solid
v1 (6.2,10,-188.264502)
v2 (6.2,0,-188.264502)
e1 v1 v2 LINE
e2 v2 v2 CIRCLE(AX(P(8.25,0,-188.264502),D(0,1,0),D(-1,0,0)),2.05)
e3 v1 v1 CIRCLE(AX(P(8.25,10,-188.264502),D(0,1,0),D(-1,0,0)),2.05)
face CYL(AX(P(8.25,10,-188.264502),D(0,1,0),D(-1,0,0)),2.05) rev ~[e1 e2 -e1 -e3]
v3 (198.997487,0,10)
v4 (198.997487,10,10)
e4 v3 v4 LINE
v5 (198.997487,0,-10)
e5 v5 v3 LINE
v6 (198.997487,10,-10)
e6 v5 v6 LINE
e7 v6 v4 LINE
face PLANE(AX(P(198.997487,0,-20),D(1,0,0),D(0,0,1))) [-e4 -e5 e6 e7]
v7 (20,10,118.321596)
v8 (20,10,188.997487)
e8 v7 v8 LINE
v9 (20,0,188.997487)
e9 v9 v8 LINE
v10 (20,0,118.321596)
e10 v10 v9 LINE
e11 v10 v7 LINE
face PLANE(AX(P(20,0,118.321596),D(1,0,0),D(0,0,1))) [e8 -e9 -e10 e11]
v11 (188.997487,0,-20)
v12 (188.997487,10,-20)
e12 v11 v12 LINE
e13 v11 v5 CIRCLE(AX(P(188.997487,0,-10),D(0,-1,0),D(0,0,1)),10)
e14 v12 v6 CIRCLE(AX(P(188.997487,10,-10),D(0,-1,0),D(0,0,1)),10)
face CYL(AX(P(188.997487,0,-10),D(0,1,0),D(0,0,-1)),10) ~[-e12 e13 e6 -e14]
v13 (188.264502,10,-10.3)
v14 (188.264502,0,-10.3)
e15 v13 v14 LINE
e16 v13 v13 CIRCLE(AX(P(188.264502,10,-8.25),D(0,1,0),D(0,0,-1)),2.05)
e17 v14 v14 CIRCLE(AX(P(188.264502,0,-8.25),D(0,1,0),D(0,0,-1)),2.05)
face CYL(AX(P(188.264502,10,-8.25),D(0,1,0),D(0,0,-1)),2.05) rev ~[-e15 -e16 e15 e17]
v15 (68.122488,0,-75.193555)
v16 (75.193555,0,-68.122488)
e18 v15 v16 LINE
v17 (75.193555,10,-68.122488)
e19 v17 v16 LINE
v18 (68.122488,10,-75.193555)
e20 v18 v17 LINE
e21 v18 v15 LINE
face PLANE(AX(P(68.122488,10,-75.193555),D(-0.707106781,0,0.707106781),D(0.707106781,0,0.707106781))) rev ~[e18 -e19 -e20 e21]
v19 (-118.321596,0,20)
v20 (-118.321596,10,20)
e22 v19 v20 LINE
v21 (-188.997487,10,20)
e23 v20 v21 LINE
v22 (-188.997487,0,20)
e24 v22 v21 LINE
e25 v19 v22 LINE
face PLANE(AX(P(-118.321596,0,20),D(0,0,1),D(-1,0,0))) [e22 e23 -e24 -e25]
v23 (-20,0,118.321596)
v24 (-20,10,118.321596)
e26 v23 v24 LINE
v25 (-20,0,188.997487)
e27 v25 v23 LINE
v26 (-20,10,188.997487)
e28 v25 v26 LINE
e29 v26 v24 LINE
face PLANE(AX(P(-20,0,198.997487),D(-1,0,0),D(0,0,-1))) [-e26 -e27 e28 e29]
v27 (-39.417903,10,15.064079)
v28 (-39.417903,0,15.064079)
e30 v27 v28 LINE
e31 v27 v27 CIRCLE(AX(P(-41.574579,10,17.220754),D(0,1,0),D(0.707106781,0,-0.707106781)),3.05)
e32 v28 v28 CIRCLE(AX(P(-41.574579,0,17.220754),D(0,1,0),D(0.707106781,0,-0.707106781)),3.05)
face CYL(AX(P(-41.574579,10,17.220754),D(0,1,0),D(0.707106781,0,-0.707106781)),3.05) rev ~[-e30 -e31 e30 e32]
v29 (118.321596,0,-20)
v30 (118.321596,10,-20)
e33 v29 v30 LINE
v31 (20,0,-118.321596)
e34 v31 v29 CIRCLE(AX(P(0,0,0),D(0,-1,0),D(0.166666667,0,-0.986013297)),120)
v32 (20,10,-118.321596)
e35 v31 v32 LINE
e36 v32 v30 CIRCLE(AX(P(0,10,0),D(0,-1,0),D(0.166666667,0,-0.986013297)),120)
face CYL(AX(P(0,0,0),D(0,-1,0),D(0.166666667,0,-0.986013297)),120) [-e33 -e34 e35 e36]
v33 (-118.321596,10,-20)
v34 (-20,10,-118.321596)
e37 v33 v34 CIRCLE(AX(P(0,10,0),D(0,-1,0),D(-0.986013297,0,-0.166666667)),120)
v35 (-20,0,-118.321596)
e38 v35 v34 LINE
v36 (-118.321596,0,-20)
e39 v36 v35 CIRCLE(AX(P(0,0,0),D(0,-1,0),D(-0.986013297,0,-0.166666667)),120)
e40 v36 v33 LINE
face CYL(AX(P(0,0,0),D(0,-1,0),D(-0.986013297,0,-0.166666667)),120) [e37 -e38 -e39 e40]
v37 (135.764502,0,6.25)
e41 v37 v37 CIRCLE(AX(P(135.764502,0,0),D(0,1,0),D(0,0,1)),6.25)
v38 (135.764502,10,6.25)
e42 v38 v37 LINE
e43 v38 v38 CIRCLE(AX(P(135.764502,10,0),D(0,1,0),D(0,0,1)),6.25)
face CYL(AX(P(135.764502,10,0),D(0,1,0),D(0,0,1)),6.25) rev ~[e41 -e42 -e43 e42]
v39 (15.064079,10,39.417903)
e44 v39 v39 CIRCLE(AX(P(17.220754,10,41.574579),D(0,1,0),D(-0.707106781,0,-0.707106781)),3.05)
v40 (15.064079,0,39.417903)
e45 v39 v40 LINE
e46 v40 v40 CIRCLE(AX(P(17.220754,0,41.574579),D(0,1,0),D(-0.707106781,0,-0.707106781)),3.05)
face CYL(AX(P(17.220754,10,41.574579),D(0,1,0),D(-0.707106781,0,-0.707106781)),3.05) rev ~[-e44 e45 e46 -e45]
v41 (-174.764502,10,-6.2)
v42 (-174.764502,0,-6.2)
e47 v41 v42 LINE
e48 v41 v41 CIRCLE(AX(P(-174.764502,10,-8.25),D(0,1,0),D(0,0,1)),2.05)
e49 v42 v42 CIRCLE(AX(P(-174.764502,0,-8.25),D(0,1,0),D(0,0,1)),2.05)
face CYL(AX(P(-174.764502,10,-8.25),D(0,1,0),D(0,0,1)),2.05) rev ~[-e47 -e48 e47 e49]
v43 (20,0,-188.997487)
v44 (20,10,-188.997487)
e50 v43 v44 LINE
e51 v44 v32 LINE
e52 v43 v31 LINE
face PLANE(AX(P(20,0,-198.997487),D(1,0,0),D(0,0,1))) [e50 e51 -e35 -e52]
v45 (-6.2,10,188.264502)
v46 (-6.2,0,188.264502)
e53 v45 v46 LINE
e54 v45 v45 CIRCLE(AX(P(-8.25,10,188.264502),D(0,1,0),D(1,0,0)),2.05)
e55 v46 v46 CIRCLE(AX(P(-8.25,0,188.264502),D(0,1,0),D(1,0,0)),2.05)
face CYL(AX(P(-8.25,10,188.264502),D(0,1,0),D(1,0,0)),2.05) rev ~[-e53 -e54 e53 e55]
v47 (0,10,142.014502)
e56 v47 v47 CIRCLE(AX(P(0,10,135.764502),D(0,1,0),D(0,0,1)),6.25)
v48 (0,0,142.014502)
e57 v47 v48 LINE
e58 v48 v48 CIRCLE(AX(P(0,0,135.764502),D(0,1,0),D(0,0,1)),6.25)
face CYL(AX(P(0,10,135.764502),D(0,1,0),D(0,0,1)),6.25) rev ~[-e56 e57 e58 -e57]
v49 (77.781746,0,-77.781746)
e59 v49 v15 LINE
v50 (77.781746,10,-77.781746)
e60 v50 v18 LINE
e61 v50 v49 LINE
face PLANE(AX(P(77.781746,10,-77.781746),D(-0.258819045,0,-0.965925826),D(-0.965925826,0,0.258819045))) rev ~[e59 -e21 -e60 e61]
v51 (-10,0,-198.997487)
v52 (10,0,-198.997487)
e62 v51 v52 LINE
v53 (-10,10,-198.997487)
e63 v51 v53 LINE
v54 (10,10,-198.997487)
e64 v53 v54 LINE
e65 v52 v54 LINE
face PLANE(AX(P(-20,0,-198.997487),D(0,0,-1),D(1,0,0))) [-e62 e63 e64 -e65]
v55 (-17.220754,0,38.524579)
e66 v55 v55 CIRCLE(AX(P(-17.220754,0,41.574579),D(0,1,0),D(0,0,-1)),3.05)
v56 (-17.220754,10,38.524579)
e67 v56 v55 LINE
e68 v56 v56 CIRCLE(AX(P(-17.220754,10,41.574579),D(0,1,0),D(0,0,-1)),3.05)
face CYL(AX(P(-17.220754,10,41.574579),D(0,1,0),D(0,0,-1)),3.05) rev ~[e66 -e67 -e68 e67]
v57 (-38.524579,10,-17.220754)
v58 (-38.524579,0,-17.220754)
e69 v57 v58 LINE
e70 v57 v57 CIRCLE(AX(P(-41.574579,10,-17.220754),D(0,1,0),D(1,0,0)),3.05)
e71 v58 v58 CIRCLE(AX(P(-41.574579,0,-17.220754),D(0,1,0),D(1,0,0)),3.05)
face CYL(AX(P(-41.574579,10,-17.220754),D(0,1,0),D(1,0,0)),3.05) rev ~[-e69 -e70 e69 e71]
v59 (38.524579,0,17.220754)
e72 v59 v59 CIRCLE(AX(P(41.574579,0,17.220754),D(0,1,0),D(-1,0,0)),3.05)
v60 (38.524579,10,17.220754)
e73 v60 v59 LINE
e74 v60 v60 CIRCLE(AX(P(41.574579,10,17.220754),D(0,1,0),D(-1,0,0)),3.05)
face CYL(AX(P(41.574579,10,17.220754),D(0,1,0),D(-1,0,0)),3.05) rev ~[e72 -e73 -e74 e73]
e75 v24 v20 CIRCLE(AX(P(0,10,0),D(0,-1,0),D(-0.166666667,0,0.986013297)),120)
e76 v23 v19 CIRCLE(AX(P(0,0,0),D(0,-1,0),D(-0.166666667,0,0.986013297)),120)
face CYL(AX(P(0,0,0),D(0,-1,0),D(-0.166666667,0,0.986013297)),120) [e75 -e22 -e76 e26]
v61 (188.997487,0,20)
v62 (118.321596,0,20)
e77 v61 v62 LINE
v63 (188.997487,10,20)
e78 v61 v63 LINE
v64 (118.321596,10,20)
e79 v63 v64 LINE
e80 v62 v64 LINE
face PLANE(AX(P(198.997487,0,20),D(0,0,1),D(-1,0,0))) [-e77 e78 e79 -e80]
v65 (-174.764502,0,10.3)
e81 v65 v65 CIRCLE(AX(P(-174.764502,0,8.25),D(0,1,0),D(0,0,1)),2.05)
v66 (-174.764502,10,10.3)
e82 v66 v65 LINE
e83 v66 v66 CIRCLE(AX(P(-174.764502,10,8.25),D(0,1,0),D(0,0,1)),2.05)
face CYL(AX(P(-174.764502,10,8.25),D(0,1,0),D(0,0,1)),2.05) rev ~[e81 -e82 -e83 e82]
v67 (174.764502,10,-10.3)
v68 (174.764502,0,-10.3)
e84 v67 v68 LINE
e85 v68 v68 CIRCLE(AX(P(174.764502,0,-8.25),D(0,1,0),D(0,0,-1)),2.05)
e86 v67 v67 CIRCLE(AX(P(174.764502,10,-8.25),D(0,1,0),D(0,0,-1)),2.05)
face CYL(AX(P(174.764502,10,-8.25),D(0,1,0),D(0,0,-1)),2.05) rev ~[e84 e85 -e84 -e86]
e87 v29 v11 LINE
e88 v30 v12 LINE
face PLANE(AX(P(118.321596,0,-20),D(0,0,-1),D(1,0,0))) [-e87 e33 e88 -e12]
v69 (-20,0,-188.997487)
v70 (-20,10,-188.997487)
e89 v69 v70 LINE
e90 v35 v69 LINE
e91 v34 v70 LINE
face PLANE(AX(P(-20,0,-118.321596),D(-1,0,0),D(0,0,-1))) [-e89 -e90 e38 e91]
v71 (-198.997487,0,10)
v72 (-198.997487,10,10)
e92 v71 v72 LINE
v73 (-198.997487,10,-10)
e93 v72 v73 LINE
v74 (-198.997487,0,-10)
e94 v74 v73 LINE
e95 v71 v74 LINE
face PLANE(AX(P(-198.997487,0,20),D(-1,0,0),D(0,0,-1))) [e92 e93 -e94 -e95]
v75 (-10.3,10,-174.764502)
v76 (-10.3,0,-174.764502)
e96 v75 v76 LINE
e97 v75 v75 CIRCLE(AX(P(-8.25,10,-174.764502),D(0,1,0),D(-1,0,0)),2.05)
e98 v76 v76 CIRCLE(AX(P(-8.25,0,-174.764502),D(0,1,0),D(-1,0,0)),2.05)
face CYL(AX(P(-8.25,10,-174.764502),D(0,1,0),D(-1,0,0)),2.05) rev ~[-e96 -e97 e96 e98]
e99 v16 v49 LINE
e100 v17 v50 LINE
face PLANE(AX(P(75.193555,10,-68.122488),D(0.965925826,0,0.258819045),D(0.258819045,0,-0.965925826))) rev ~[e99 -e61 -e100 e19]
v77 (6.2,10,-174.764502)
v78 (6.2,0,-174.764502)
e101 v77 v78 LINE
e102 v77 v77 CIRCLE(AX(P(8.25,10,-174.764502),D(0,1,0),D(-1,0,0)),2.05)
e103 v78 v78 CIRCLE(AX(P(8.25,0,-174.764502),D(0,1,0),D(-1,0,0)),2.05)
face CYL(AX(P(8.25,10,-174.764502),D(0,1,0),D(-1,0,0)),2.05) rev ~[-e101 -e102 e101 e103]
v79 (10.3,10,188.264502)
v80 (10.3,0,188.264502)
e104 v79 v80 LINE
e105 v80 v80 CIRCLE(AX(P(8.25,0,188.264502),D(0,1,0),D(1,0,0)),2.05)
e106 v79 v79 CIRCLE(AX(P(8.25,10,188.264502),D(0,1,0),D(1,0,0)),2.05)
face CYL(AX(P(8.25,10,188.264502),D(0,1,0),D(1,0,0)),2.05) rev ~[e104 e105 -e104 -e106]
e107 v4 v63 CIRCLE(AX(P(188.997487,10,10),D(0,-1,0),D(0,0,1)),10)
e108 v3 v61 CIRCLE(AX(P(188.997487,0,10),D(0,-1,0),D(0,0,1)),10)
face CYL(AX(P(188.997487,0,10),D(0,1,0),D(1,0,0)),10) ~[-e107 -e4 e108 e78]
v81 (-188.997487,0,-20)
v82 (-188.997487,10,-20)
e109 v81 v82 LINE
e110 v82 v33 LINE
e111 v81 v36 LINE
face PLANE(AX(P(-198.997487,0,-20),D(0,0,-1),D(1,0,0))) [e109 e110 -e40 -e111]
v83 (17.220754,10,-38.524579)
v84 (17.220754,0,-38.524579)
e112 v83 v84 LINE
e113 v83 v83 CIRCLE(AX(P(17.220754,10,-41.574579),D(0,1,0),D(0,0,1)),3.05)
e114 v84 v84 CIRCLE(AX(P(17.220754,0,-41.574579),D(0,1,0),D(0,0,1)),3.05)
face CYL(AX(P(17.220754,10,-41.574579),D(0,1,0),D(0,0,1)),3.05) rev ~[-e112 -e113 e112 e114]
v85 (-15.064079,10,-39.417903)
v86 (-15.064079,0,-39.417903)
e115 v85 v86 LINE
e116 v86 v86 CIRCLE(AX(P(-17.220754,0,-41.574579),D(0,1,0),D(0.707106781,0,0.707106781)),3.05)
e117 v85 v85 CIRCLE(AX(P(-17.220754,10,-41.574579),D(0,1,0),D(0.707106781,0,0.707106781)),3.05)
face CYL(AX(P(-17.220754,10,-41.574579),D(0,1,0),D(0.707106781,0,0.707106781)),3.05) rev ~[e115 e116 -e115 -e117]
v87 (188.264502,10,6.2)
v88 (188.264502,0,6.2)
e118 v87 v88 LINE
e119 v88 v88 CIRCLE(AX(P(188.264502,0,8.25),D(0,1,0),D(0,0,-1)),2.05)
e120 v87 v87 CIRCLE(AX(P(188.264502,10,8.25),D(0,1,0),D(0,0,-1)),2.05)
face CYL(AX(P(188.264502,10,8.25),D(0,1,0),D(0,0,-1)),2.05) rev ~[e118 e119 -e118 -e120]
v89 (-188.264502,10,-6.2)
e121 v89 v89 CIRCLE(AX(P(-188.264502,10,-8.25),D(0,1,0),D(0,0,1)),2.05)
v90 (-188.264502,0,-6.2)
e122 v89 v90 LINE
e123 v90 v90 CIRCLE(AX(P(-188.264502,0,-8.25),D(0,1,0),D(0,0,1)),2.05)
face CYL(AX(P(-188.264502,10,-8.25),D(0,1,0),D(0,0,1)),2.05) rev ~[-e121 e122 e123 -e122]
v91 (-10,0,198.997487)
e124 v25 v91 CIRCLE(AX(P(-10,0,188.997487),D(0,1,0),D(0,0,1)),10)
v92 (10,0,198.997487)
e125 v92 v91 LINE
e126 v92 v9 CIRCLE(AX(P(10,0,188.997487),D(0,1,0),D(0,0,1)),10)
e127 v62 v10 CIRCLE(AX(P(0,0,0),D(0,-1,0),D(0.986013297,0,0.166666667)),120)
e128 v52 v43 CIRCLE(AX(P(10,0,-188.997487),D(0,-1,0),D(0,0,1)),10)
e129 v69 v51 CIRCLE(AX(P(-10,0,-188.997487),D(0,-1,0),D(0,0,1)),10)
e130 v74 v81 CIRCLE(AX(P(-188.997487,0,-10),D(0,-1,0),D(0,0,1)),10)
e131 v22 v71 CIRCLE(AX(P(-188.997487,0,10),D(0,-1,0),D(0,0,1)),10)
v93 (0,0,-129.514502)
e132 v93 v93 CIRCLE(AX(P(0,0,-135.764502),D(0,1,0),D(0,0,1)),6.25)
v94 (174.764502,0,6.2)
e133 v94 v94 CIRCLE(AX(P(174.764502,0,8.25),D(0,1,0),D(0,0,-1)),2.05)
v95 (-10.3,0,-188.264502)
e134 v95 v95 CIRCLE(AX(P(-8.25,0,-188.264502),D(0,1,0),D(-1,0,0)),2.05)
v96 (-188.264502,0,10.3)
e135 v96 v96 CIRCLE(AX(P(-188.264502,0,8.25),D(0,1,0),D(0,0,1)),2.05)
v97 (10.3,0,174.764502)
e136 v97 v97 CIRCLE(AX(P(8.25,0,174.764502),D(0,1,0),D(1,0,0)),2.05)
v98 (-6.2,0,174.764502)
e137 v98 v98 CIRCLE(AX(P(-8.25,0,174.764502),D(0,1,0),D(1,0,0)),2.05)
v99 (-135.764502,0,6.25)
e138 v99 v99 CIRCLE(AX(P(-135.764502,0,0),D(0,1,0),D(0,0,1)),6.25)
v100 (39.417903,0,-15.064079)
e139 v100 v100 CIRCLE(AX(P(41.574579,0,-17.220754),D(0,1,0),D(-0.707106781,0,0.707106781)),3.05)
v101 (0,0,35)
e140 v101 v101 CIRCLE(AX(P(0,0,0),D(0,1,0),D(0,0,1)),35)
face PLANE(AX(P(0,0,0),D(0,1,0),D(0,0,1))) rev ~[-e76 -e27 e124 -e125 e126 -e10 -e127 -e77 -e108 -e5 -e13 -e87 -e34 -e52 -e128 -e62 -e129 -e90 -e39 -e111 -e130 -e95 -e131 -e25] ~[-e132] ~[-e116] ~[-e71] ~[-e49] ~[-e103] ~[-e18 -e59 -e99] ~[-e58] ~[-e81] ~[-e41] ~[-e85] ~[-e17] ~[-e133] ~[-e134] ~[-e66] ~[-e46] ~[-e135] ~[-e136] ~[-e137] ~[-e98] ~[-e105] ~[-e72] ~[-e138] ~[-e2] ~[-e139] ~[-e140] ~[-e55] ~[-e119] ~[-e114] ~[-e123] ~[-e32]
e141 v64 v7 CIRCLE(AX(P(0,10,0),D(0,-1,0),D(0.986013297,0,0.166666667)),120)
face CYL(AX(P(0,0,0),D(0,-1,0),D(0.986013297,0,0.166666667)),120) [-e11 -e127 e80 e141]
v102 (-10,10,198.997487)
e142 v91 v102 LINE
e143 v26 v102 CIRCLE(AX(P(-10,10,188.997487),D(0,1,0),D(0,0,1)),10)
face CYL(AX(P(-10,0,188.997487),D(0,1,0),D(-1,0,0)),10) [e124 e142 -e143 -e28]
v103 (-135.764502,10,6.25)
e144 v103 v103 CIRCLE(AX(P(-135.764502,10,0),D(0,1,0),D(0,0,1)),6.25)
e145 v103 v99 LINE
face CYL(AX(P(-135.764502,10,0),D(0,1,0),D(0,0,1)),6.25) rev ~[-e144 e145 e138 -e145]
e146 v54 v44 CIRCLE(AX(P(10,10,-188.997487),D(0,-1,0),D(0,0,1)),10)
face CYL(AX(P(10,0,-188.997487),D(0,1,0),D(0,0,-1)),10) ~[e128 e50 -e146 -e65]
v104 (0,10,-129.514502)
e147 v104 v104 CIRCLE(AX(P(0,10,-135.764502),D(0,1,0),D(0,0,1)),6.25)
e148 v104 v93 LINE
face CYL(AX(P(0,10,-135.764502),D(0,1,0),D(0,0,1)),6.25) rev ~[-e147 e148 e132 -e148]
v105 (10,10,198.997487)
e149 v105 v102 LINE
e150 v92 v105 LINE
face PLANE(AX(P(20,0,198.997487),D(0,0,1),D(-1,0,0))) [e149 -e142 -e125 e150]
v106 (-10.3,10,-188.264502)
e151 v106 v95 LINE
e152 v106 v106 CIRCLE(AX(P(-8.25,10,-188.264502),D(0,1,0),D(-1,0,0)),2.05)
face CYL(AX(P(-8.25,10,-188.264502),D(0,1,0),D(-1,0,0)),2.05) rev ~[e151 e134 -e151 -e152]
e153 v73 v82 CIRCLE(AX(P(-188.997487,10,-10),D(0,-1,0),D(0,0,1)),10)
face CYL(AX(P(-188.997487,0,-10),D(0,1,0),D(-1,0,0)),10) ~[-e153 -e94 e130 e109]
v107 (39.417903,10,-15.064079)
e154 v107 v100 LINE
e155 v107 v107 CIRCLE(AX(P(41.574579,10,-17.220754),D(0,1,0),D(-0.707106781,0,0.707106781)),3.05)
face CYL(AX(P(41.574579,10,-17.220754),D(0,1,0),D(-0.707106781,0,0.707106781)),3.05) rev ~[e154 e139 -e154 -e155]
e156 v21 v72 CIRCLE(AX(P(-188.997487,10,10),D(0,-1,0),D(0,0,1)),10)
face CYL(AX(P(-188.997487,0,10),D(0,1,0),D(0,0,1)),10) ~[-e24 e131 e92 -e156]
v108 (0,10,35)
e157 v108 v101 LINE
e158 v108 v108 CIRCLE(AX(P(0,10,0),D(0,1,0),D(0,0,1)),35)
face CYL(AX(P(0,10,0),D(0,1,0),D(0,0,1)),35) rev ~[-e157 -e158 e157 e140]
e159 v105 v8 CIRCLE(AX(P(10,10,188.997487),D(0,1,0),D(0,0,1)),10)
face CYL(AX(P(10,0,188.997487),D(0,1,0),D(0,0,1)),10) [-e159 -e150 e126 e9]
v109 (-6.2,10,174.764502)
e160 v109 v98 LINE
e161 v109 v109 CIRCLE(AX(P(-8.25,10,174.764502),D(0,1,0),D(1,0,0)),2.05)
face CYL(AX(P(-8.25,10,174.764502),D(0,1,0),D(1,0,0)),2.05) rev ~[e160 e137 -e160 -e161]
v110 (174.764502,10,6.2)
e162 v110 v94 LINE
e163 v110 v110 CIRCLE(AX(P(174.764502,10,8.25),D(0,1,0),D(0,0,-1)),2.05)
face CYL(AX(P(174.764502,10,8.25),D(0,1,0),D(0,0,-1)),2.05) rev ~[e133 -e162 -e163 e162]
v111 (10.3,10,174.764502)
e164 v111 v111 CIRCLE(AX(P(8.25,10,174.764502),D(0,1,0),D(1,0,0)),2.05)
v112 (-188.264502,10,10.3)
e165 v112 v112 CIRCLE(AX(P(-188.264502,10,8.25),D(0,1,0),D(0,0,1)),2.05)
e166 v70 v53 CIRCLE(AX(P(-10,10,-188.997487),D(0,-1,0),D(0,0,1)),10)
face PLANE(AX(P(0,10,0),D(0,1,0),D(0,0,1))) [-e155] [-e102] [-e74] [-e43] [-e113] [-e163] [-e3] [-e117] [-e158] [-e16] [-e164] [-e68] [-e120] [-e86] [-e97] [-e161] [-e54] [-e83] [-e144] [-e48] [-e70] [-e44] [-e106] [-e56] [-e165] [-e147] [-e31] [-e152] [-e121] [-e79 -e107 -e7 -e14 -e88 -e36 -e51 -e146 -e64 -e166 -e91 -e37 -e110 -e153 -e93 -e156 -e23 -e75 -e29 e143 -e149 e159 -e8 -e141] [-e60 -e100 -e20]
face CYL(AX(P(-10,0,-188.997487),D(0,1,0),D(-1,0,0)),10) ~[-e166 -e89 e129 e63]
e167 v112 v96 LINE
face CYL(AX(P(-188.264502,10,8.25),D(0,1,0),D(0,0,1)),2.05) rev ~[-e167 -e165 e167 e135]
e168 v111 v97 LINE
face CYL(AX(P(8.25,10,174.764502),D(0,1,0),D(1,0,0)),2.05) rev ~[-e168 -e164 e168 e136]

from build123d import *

# Parameters (mm, degrees)
SKETCH1_R           = 200
BOSS_EXTRUDE1_DEPTH = 10
SKETCH2_R           = 6.25
CUT_EXTRUDE1_DEPTH  = 284.019433962
SKETCH3_R           = 35
CUT_EXTRUDE2_DEPTH  = 284.019433962
SKETCH4_R           = 3.05
CUT_EXTRUDE3_DEPTH  = 284.019433962
CIRPATTERN1_COUNT   = 8
SKETCH5_R           = 2.05
CUT_EXTRUDE4_DEPTH  = 284.019433962
CIRPATTERN2_COUNT   = 4
CUT_EXTRUDE5_START  = -10
CUT_EXTRUDE5_DEPTH  = 10
CIRPATTERN3_COUNT   = 4
FILLET1_R           = 10
CUT_EXTRUDE6_DEPTH  = 282.602556807


with BuildPart() as part:
    # Sketch1 → Boss-Extrude1 (new body)
    with BuildSketch(Plane(origin=(0, 0, 0), x_dir=(1, 0, 0), z_dir=(0, 1, 0))):
        with Locations(Location((0, 0, 0), (0, 0, 270))):
            Circle(SKETCH1_R)
    extrude(amount=BOSS_EXTRUDE1_DEPTH)

    # Sketch2 → Cut-Extrude1 (cut, through all)
    with BuildSketch(Plane(origin=(0, 10, 0), x_dir=(1, 0, 0), z_dir=(0, 1, 0))):
        with Locations(Location((-135.764501988, 0, 0), (0, 0, 270))):
            Circle(SKETCH2_R)
        with Locations(Location((0, -135.764501988, 0), (0, 0, 270))):
            Circle(SKETCH2_R)
        with Locations(Location((135.764501988, 0, 0), (0, 0, 270))):
            Circle(SKETCH2_R)
        with Locations(Location((0, 135.764501988, 0), (0, 0, 270))):
            Circle(SKETCH2_R)
    extrude(amount=-CUT_EXTRUDE1_DEPTH, mode=Mode.SUBTRACT)

    # Sketch3 → Cut-Extrude2 (cut, through all)
    with BuildSketch(Plane(origin=(0, 10, 0), x_dir=(1, 0, 0), z_dir=(0, 1, 0))):
        with Locations(Location((0, 0, 0), (0, 0, 270))):
            Circle(SKETCH3_R)
    extrude(amount=-CUT_EXTRUDE2_DEPTH, mode=Mode.SUBTRACT)

    # Sketch4 → Cut-Extrude3 (cut, through all)
    with BuildSketch(Plane(origin=(0, 10, 0), x_dir=(1, 0, 0), z_dir=(0, 1, 0))):
        with Locations(Location((17.220754456, 41.574578963, 0), (0, 0, 270))):
            Circle(SKETCH4_R)
    cut_extrude3 = extrude(amount=-CUT_EXTRUDE3_DEPTH, mode=Mode.SUBTRACT)

    # CirPattern1: Cut-Extrude3 ×8 about axis
    cirpattern1_axis = Axis((0, 0, 0), (0, 1, 0))
    for i in range(1, CIRPATTERN1_COUNT):
        add(cut_extrude3.rotate(cirpattern1_axis, i * 360 / CIRPATTERN1_COUNT), mode=Mode.SUBTRACT)

    # Sketch5 → Cut-Extrude4 (cut, through all)
    with BuildSketch(Plane(origin=(0, 10, 0), x_dir=(1, 0, 0), z_dir=(0, 1, 0))):
        with Locations(Location((-188.264501988, 8.25, 0), (0, 0, 270))):
            Circle(SKETCH5_R)
        with Locations(Location((-174.764501988, 8.25, 0), (0, 0, 270))):
            Circle(SKETCH5_R)
        with Locations(Location((-174.764501988, -8.25, 0), (0, 0, 270))):
            Circle(SKETCH5_R)
        with Locations(Location((-188.264501988, -8.25, 0), (0, 0, 270))):
            Circle(SKETCH5_R)
    cut_extrude4 = extrude(amount=-CUT_EXTRUDE4_DEPTH, mode=Mode.SUBTRACT)

    # CirPattern2: Cut-Extrude4 ×4 about axis
    cirpattern2_axis = Axis((0, 0, 0), (0, 1, 0))
    for i in range(1, CIRPATTERN2_COUNT):
        add(cut_extrude4.rotate(cirpattern2_axis, i * 360 / CIRPATTERN2_COUNT), mode=Mode.SUBTRACT)

    # Sketch6 → Cut-Extrude5 (cut)
    with BuildSketch(Plane(origin=(0, 10, 0), x_dir=(1, 0, 0), z_dir=(0, 1, 0)).offset(CUT_EXTRUDE5_START)):
        with BuildLine():
            Line((-198.997487421, 20), (-118.321595662, 20))
            ThreePointArc((-118.321595662, 20), (-84.852813742, 84.852813742), (-20, 118.321595662))
            Line((-20, 118.321595662), (-20, 198.997487421))
            ThreePointArc((-20, 198.997487421), (-141.421356237, 141.421356237), (-198.997487421, 20))
        make_face()
        with BuildLine():
            Line((-198.997487421, -20), (-198.997487421, 20))
            ThreePointArc((-198.997487421, 20), (-200, 0), (-198.997487421, -20))
        make_face()
    cut_extrude5 = extrude(amount=CUT_EXTRUDE5_DEPTH, mode=Mode.SUBTRACT)

    # CirPattern3: Cut-Extrude5 ×4 about axis
    cirpattern3_axis = Axis((0, 0, 0), (0, 1, 0))
    for i in range(1, CIRPATTERN3_COUNT):
        add(cut_extrude5.rotate(cirpattern3_axis, i * 360 / CIRPATTERN3_COUNT), mode=Mode.SUBTRACT)

    # Fillet1
    fillet1_edges = [part.edges().sort_by_distance(p)[0] for p in [
        (-198.997487421, 5, -20),
        (-20, 5, -198.997487421),
        (-198.997487421, 5, 20),
        (20, 5, -198.997487421),
        (198.997487421, 5, -20),
        (198.997487421, 5, 20),
        (20, 5, 198.997487421),
        (-20, 5, 198.997487421),
    ]]
    fillet(fillet1_edges, radius=FILLET1_R)

    # Sketch7 → Cut-Extrude6 (cut, through all)
    with BuildSketch(Plane(origin=(0, 10, 0), x_dir=(1, 0, 0), z_dir=(0, 1, 0))):
        Polygon((77.781745931, 77.781745931), (68.122487668, 75.193555479), (75.193555479, 68.122487668), align=None)
    extrude(amount=-CUT_EXTRUDE6_DEPTH, mode=Mode.SUBTRACT)


solid = part.part
